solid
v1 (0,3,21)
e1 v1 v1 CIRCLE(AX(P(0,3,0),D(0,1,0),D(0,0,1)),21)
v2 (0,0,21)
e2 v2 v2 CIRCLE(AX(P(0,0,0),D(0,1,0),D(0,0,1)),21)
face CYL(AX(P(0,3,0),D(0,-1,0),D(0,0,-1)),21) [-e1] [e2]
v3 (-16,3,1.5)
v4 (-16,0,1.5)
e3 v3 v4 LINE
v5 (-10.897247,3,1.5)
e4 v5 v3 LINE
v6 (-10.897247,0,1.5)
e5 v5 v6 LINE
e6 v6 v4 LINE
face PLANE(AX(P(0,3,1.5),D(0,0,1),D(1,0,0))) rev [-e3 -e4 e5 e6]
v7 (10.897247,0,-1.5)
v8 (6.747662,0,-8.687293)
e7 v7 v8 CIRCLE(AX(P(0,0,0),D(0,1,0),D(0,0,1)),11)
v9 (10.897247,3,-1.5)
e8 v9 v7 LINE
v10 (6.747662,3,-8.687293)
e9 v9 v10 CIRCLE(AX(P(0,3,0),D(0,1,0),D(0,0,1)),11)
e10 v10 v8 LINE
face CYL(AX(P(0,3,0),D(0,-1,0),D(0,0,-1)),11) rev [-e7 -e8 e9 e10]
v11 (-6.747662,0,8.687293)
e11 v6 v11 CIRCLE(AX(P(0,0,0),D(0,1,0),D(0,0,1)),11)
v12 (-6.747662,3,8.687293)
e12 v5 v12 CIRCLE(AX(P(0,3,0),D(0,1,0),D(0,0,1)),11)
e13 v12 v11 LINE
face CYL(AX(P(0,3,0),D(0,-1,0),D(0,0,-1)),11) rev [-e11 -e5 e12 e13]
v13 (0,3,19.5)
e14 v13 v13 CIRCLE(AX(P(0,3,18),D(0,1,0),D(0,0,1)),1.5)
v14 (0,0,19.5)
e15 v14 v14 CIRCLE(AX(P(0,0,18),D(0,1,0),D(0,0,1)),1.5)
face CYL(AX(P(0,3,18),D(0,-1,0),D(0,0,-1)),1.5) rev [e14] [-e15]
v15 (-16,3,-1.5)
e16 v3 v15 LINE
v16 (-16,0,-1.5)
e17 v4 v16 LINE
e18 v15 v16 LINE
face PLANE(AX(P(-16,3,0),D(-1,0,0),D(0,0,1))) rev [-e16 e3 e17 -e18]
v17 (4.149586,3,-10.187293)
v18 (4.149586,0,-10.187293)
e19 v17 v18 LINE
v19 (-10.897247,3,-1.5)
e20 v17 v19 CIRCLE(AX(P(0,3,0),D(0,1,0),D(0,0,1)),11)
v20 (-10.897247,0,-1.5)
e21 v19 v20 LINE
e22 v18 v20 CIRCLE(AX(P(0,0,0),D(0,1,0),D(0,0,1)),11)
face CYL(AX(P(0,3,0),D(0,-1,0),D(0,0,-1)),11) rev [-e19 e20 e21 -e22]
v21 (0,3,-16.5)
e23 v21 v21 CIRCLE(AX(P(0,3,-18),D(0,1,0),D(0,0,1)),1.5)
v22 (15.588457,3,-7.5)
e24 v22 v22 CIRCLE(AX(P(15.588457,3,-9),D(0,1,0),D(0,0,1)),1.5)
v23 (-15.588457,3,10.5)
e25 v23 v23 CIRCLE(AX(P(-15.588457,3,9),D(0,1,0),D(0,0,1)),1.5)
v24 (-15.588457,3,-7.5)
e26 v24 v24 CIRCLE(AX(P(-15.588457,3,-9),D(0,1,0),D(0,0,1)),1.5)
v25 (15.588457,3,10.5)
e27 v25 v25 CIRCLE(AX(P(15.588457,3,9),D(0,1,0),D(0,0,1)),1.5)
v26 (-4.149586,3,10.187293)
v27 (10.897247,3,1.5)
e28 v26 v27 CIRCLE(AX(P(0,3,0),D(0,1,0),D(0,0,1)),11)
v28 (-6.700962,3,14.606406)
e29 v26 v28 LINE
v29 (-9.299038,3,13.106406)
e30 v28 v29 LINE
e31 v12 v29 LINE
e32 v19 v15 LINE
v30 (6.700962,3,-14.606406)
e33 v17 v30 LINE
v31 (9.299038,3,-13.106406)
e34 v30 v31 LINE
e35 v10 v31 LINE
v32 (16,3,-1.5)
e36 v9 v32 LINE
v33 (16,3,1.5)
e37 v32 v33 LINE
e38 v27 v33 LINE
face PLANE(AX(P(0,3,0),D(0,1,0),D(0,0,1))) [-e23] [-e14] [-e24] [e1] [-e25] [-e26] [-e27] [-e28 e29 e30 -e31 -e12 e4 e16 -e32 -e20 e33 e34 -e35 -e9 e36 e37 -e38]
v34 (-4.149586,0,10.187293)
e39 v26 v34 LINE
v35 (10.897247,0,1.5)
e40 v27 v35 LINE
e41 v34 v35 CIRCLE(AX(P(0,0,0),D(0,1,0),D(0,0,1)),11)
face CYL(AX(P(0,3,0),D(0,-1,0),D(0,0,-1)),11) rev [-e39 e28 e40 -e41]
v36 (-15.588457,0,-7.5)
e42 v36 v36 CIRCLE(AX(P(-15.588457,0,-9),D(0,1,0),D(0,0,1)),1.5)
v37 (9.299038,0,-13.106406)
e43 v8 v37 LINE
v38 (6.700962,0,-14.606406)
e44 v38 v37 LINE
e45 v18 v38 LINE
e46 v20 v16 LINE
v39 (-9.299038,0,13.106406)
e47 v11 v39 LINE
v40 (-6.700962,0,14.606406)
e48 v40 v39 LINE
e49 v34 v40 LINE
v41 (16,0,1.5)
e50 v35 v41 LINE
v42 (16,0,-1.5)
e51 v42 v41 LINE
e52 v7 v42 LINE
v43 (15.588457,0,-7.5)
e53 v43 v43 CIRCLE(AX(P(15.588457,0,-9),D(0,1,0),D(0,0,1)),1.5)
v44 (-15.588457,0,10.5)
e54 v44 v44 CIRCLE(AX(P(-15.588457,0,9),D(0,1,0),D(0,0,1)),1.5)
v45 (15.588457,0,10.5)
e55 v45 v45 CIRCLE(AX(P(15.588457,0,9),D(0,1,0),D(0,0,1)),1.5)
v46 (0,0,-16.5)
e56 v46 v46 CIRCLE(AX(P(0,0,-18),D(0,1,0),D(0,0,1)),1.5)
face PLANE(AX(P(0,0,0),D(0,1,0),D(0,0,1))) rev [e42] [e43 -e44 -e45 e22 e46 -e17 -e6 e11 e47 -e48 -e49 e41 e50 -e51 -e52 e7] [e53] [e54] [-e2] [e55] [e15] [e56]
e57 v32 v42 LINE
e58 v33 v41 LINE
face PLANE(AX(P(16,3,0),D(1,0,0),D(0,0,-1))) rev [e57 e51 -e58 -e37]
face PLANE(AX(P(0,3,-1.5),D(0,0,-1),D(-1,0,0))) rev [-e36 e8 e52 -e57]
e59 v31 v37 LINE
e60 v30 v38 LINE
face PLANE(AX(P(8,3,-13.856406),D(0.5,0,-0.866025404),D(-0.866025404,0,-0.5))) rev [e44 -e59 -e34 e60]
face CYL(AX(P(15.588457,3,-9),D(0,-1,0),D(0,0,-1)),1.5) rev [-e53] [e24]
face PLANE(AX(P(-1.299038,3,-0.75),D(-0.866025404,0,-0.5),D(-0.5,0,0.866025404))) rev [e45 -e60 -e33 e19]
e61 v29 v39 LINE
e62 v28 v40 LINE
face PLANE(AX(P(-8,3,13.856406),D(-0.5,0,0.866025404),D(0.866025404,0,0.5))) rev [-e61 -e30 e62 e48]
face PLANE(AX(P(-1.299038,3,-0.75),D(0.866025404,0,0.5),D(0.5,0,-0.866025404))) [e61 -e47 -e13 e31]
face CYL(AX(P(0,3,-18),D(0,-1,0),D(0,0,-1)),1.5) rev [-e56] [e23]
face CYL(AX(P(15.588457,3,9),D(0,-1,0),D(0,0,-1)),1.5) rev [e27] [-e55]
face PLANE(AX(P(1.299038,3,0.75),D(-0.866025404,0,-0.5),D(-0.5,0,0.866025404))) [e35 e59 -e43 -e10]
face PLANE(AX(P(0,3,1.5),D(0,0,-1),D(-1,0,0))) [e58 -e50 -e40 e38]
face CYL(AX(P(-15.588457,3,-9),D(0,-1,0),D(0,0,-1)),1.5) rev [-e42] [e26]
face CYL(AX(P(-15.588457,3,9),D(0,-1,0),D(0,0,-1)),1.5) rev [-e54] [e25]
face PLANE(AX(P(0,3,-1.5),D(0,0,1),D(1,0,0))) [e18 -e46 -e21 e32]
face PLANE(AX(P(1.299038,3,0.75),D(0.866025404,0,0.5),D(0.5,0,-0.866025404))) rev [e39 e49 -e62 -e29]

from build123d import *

# Parameters (mm, degrees)
SKETCH1_R           = 21
SKETCH1_R_2         = 1.5
BOSS_EXTRUDE2_DEPTH = 3


with BuildPart() as part:
    # Sketch1 → Boss-Extrude2 (new body)
    with BuildSketch(Plane(origin=(0, 0, 0), x_dir=(1, 0, 0), z_dir=(0, 1, 0))):
        with Locations(Location((0, 0, 0), (0, 0, 270))):
            Circle(SKETCH1_R)
        with Locations(Location((-15.588457268, 9, 0), (0, 0, 270))):
            Circle(SKETCH1_R_2, mode=Mode.SUBTRACT)
        with Locations(Location((-15.588457268, -9, 0), (0, 0, 270))):
            Circle(SKETCH1_R_2, mode=Mode.SUBTRACT)
        with Locations(Location((0, -18, 0), (0, 0, 270))):
            Circle(SKETCH1_R_2, mode=Mode.SUBTRACT)
        with Locations(Location((15.588457268, -9, 0), (0, 0, 270))):
            Circle(SKETCH1_R_2, mode=Mode.SUBTRACT)
        with Locations(Location((15.588457268, 9, 0), (0, 0, 270))):
            Circle(SKETCH1_R_2, mode=Mode.SUBTRACT)
        with Locations(Location((0, 18, 0), (0, 0, 270))):
            Circle(SKETCH1_R_2, mode=Mode.SUBTRACT)
        with BuildLine():
            ThreePointArc((4.149585574, 10.187293044), (-5.5, 9.526279442), (-10.897247359, 1.5))
            Line((-10.897247359, 1.5), (-16, 1.5))
            Line((-16, 1.5), (-16, -1.5))
            Line((-16, -1.5), (-10.897247359, -1.5))
            ThreePointArc((-10.897247359, -1.5), (-9.526279442, -5.5), (-6.747661785, -8.687293044))
            Line((-6.747661785, -8.687293044), (-9.299038106, -13.106406461))
            Line((-9.299038106, -13.106406461), (-6.700961894, -14.606406461))
            Line((-6.700961894, -14.606406461), (-4.149585574, -10.187293044))
            ThreePointArc((-4.149585574, -10.187293044), (5.5, -9.526279442), (10.897247359, -1.5))
            Line((10.897247359, -1.5), (16, -1.5))
            Line((16, -1.5), (16, 1.5))
            Line((16, 1.5), (10.897247359, 1.5))
            ThreePointArc((10.897247359, 1.5), (9.526279442, 5.5), (6.747661785, 8.687293044))
            Line((6.747661785, 8.687293044), (9.299038106, 13.106406461))
            Line((9.299038106, 13.106406461), (6.700961894, 14.606406461))
            Line((6.700961894, 14.606406461), (4.149585574, 10.187293044))
        make_face(mode=Mode.SUBTRACT)
    extrude(amount=BOSS_EXTRUDE2_DEPTH)


solid = part.part
